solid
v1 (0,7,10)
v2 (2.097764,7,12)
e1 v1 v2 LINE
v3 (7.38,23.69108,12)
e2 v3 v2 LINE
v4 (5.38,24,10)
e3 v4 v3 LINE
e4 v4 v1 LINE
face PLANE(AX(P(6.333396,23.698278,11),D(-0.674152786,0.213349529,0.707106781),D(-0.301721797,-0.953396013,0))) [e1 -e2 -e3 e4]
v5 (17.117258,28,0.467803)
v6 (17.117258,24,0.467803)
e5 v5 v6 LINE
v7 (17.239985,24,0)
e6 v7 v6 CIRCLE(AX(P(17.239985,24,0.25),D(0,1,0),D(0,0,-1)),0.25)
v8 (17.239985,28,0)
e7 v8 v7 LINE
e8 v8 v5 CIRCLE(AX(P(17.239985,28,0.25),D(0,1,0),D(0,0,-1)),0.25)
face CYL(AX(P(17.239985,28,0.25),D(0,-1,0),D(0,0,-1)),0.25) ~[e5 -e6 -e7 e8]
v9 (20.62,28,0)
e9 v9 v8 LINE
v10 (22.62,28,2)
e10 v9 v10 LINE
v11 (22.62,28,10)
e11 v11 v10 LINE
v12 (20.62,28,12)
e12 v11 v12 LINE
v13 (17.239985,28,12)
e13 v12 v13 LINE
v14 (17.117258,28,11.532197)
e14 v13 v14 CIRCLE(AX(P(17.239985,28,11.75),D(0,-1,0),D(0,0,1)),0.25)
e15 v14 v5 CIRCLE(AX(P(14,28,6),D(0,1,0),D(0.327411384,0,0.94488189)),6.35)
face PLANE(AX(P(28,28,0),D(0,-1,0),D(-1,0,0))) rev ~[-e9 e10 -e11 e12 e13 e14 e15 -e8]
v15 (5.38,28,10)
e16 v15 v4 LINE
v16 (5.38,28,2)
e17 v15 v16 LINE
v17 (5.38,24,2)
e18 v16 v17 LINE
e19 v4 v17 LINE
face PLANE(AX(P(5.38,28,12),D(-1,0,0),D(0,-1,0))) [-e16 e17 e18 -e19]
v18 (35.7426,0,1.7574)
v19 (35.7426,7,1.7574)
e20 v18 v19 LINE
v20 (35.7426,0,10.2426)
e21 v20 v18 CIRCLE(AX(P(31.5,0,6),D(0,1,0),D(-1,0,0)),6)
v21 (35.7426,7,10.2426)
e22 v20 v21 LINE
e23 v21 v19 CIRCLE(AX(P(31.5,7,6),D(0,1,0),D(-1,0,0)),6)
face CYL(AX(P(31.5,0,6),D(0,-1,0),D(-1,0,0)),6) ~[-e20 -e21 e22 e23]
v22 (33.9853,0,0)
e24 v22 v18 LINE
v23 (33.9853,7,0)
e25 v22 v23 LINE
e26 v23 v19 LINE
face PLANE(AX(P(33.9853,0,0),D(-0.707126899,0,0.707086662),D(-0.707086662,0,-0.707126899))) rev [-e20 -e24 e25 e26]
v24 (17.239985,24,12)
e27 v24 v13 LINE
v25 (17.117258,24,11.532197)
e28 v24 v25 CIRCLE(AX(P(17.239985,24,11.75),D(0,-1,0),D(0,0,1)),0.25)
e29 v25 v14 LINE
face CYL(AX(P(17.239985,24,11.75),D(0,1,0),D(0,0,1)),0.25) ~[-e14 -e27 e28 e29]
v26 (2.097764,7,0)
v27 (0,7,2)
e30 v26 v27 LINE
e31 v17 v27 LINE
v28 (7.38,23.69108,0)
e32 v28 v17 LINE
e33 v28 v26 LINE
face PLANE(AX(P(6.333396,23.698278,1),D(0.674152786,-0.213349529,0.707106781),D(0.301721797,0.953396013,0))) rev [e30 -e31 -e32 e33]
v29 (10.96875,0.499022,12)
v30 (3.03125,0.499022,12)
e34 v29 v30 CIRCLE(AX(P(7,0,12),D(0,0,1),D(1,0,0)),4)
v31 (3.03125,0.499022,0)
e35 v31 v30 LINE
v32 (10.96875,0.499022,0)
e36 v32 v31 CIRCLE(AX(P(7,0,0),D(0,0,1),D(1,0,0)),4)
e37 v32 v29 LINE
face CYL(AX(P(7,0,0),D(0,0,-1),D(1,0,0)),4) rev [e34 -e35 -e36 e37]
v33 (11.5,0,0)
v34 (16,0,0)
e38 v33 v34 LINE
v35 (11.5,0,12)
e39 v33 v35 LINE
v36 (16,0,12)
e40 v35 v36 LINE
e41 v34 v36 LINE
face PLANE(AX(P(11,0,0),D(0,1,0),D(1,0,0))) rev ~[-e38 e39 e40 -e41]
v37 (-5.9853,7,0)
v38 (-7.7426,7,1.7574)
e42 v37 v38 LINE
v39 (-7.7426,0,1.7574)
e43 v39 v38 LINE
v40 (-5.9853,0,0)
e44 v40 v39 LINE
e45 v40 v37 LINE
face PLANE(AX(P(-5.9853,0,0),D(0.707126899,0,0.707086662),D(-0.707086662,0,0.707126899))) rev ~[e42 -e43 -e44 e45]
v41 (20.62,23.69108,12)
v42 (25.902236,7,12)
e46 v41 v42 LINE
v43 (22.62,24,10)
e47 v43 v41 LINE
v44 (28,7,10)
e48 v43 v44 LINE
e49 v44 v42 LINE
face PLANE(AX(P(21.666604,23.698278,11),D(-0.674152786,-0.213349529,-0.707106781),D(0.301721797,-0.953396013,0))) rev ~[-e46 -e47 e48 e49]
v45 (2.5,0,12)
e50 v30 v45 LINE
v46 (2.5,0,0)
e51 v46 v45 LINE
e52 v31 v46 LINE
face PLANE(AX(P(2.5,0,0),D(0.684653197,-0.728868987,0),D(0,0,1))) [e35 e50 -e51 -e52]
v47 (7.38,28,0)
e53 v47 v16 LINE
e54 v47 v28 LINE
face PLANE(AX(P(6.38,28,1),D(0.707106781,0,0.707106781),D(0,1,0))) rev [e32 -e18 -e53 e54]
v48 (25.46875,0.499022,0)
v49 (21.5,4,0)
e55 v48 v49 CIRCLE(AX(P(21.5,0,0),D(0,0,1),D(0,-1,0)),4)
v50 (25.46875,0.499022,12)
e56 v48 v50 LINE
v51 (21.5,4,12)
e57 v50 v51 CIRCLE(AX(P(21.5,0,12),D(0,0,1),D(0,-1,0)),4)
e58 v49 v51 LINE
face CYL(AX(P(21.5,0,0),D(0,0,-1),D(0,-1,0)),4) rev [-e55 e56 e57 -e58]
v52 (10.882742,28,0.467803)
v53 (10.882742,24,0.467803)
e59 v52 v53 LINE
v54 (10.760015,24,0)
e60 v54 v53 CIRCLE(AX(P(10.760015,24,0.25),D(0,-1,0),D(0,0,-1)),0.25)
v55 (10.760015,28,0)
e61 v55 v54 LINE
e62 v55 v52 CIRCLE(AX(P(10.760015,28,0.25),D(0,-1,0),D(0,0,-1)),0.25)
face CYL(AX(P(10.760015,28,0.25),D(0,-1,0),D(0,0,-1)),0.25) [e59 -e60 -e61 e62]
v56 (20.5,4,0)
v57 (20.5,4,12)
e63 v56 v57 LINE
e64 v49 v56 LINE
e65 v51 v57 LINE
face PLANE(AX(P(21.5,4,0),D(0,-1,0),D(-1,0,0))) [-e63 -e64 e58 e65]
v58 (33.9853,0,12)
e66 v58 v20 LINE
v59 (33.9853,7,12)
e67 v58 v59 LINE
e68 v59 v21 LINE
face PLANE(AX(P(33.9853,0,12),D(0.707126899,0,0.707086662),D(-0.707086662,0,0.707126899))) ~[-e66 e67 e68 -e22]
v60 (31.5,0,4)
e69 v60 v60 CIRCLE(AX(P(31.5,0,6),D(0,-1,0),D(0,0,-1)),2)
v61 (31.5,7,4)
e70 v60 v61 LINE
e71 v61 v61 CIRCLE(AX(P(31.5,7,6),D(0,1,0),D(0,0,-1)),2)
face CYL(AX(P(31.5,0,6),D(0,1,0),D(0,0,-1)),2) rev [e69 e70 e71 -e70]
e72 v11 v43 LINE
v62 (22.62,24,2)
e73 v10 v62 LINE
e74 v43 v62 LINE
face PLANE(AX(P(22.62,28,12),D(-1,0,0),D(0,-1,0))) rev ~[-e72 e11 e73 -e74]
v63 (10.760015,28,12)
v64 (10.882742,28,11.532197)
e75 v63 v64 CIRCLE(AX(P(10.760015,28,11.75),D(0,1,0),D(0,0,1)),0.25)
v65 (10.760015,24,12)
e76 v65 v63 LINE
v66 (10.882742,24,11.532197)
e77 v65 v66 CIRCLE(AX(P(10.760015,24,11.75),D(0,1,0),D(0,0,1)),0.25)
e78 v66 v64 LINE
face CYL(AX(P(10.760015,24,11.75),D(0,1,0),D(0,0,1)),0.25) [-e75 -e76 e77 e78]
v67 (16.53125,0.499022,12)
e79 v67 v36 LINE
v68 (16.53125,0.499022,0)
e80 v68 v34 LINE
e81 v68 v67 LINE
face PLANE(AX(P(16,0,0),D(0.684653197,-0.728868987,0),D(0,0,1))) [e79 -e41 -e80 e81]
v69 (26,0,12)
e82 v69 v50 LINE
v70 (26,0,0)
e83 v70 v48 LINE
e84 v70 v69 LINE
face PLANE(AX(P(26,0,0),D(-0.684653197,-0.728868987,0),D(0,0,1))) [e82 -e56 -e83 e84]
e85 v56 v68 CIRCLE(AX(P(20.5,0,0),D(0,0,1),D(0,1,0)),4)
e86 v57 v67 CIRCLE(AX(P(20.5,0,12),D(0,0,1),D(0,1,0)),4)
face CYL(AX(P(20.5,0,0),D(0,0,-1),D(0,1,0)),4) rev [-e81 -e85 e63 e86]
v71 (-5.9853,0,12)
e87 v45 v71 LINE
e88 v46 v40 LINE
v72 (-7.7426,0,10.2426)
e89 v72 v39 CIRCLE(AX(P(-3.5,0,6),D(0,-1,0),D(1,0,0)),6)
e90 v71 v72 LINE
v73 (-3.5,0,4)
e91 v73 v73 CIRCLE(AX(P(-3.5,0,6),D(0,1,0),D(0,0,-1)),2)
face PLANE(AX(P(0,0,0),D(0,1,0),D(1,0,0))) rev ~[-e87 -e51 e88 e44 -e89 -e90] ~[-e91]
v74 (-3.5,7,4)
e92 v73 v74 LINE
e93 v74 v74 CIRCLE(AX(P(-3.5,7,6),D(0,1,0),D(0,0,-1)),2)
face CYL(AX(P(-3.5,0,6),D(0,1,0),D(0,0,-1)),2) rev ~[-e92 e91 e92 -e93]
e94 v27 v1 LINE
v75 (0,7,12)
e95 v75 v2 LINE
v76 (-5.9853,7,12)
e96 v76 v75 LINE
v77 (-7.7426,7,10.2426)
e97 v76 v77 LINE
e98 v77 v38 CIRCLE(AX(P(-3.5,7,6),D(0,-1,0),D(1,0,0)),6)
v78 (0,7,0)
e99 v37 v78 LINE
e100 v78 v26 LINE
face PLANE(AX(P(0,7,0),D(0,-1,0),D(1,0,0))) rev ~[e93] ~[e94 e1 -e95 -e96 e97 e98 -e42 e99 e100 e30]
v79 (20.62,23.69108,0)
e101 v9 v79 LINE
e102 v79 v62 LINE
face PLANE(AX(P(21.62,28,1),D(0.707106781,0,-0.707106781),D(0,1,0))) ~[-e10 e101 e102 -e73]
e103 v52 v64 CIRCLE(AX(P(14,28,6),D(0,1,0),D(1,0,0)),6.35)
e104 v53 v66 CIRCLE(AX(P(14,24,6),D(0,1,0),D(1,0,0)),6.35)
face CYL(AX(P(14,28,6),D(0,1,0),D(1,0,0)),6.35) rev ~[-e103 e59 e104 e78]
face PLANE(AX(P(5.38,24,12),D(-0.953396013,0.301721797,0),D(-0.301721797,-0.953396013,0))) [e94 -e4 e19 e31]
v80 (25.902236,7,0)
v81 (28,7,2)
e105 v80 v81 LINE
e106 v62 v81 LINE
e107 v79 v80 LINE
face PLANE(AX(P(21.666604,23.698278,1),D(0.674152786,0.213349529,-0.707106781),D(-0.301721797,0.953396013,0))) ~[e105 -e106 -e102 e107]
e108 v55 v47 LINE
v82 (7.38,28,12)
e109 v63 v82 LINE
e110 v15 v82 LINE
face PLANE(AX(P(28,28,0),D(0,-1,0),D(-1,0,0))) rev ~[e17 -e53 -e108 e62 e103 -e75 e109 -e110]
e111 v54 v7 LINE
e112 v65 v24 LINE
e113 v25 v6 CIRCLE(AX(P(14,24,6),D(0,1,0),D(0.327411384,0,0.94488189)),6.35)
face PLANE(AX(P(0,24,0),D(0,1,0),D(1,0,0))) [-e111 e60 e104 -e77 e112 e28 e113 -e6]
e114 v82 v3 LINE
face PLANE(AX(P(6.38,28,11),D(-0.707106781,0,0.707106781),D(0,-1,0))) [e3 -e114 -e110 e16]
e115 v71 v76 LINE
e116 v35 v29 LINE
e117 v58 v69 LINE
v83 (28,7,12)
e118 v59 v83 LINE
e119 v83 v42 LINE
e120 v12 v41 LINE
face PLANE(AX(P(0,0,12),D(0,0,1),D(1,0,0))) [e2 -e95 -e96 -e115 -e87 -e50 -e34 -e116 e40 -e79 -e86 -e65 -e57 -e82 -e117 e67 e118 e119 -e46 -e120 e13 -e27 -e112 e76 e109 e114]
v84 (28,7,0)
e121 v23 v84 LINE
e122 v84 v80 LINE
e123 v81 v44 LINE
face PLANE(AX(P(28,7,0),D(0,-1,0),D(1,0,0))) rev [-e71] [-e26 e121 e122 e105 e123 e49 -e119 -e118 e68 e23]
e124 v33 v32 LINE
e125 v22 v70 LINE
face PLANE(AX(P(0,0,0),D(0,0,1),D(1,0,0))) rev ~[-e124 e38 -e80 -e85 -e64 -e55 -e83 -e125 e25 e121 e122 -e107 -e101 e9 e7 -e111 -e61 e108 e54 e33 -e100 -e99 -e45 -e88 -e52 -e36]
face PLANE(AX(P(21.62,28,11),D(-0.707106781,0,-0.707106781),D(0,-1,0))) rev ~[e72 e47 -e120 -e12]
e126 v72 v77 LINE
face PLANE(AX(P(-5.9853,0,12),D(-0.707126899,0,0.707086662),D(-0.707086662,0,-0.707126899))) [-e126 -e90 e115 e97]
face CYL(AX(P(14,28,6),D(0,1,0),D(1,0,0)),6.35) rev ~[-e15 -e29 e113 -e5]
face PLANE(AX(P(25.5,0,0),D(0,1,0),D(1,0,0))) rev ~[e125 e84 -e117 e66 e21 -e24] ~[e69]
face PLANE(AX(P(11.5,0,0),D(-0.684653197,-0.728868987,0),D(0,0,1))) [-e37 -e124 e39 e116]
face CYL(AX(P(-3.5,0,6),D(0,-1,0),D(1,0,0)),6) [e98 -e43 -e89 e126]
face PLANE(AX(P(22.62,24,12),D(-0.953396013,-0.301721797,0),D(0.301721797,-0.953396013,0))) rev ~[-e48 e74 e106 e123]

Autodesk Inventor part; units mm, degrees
ref_plane "YZ Plane" through (0, 0, 0) normal (1, 0, 0) x (0, 1, 0)
ref_plane "XZ Plane" through (0, 0, 0) normal (0, 1, 0) x (-1, 0, 0)
sketch "Sketch1" plane through (0, 0, 0) normal (0, 0, 1) x (1, 0, 0)
  line L0 (0, 0) -> (28, 0)
  line L1 (28, 0) -> (28, 28)
  line L2 (28, 28) -> (0, 28)
  line L3 (0, 28) -> (0, 0)
  circle A0 centre (7, 0) radius 4
  circle A1 centre (21, 0) radius 4 construction
  line L4 (21, 0) -> (23, 0) construction
  line L5 (20.5, 0) -> (21.5, 0) construction
  line L6 (20.5, -4) -> (21.5, -4)
  line L7 (21.5, 4) -> (20.5, 4)
  arc A2 (20.5, 4) -> (20.5, -4) centre (20.5, 0) ccw
  arc A3 (21.5, -4) -> (21.5, 4) centre (21.5, 0) ccw
  point P0 (3, 0)
  point P1 (11, 0)
  point P2 (17, 0)
  point P3 (25, 0)
  point P4 (21, 0)
  point P5 (16.5, 0)
  point P6 (25.5, 0)
  dimension "d0" = 28
  dimension "d1" = 28
  dimension "d2" = 8
  dimension "d3" = 8
  dimension "d4" = 14
  dimension "d5" = 7
  dimension "d6" = 7
  dimension "d41" = 1
extrude "Extrusion1" add sketch "Sketch1" along normal blind 12 contours L3 L2 L1 L0 A3 L7 A2 A0
chamfer "Chamfer1" distance 0.5 angle 45 4 edges at (3, 0, 6) (11, 0, 6) (16.5, 0, 6) (25.5, 0, 6)
sketch "Sketch2" plane through (0, 28, 0) normal (0, 1, 0) x (1, 0, 0)
  circle A0 centre (14, -6) radius 6.35
  line L0 (28, 0) -> (0, 0) projected
  line L1 (28, 0) -> (28, -12) projected
  point P0 (14, 0)
  point P1 (28, -6)
  point P2 (16.0791, 0)
  point P3 (11.9209, 0)
  dimension "d12" = 12.7
extrude "Extrusion2" cut sketch "Sketch2" against normal blind 4 contours A0 L0 picked at (13.6383, -8.0675)
fillet "Fillet1" radius 0.25 4 edges at (11.9209, 26, 0) (16.0791, 26, 0) (11.9209, 26, 12) (16.0791, 26, 12)
ref_plane "Work Plane3" through (14, 0, 0) normal (-1, 0, 0) x (0, 0, 1)
sketch "Sketch5" plane through (0, 0, 0) normal (0, -1, 0) x (1, 0, 0)
  circle A0 centre (-3.5, 6) radius 2
  circle A1 centre (-3.5, 6) radius 3.5
  circle A2 centre (-3.5, 6) radius 6
  line L0 (0, 12) -> (2.5, 12) projected
  line L1 (0, 0) -> (0, 12) projected
  line L2 (0, 0) -> (2.5, 0) projected
  line L3 (0, 0) -> (0, 12) projected
  line L4 (0, 0) -> (-5.9853, 0)
  line L5 (-5.9853, 0) -> (-7.7426, 1.7574)
  line L6 (0, 12) -> (-5.9853, 12)
  line L7 (-5.9853, 12) -> (-7.7426, 10.2426)
  line L8 (0, 0) -> (0, 12) projected
  line L9 (28, 0) -> (28, 12) projected
  line L10 (26, 0) -> (28, 0) projected
  line L11 (26, 12) -> (28, 12) projected
  line L12 (2.5, 12) -> (2.5, 0) projected
  line L13 (26, 0) -> (26, 12) projected
  dimension "d22" = 4
  dimension "d23" = 7
  dimension "d24" = 135
  dimension "d25" = 135
extrude "Extrusion3" add sketch "Sketch5" against normal blind 7 contours A0 | A1 | L1 A2 | L1 L4 A2 | A2 L6 L1 | L4 L5 A2 | A2 L7 L6 picked at (-7.4809, 9.2519)
sketch "Sketch6" plane through (2.5, 0, 0) normal (0, -1, 0) x (1, 0, 0)
  arc A0 (-10.2426, 10.2426) -> (-10.2426, 1.7574) centre (-6, 6) ccw projected
  point P0 (-2.5, 0)
hole "Hole1" at (-3.5, 0, 6) direction (0, 1, 0) diameter 4 end through all
mirror "Mirror2" about plane through (14, 0, 0) normal (-1, 0, 0) of "Extrusion3", "Hole1"
sketch "Sketch7" plane through (0, 0, 12) normal (0, 0, 1) x (1, 0, 0)
  line L0 (17.24, 24) -> (10.76, 24) projected
  line L1 (17.1173, 24) -> (17.24, 24) projected
  line L2 (17.1173, 24) -> (17.1173, 24) projected
  line L3 (17.24, 24) -> (17.1173, 24) projected
  line L4 (10.76, 24) -> (17.24, 24) projected
  line L5 (10.8827, 24) -> (10.76, 24) projected
  line L6 (10.8827, 24) -> (10.8827, 24) projected
  line L7 (10.76, 24) -> (10.8827, 24) projected
  line L8 (17.1173, 24) -> (20.35, 24) projected
  line L9 (7.65, 24) -> (10.8827, 24) projected
  line L10 (28, 28) -> (17.24, 28) projected
  line L11 (22.62, 28) -> (22.62, 24)
  line L12 (28, 7) -> (28, 28) projected
  line L13 (22.62, 24) -> (28, 7)
  line L14 (10.76, 28) -> (0, 28) projected
  line L15 (5.38, 28) -> (5.38, 24)
  line L16 (0, 28) -> (0, 7) projected
  line L17 (5.38, 24) -> (0, 7)
  line L18 (17.24, 24) -> (10.76, 24) projected
  point P0 (0, 0)
extrude "Extrusion4" cut sketch "Sketch7" against normal through all
chamfer "Chamfer2" distance 2 angle 45 8 edges at (22.62, 26, 12) (25.31, 15.5, 12) (22.62, 26, 0) (25.31, 15.5, 0) (2.69, 15.5, 12) (2.69, 15.5, 0) (5.38, 26, 0) (5.38, 26, 12)
equation "\"d1\" = MotorHeight"
equation "\"d5\" = d6"
equation "\"MotorHeight\" = MotorHeightBase"
equation "\"MotorHeightBase\" = 28"
properties part number "Magnet Mount"
